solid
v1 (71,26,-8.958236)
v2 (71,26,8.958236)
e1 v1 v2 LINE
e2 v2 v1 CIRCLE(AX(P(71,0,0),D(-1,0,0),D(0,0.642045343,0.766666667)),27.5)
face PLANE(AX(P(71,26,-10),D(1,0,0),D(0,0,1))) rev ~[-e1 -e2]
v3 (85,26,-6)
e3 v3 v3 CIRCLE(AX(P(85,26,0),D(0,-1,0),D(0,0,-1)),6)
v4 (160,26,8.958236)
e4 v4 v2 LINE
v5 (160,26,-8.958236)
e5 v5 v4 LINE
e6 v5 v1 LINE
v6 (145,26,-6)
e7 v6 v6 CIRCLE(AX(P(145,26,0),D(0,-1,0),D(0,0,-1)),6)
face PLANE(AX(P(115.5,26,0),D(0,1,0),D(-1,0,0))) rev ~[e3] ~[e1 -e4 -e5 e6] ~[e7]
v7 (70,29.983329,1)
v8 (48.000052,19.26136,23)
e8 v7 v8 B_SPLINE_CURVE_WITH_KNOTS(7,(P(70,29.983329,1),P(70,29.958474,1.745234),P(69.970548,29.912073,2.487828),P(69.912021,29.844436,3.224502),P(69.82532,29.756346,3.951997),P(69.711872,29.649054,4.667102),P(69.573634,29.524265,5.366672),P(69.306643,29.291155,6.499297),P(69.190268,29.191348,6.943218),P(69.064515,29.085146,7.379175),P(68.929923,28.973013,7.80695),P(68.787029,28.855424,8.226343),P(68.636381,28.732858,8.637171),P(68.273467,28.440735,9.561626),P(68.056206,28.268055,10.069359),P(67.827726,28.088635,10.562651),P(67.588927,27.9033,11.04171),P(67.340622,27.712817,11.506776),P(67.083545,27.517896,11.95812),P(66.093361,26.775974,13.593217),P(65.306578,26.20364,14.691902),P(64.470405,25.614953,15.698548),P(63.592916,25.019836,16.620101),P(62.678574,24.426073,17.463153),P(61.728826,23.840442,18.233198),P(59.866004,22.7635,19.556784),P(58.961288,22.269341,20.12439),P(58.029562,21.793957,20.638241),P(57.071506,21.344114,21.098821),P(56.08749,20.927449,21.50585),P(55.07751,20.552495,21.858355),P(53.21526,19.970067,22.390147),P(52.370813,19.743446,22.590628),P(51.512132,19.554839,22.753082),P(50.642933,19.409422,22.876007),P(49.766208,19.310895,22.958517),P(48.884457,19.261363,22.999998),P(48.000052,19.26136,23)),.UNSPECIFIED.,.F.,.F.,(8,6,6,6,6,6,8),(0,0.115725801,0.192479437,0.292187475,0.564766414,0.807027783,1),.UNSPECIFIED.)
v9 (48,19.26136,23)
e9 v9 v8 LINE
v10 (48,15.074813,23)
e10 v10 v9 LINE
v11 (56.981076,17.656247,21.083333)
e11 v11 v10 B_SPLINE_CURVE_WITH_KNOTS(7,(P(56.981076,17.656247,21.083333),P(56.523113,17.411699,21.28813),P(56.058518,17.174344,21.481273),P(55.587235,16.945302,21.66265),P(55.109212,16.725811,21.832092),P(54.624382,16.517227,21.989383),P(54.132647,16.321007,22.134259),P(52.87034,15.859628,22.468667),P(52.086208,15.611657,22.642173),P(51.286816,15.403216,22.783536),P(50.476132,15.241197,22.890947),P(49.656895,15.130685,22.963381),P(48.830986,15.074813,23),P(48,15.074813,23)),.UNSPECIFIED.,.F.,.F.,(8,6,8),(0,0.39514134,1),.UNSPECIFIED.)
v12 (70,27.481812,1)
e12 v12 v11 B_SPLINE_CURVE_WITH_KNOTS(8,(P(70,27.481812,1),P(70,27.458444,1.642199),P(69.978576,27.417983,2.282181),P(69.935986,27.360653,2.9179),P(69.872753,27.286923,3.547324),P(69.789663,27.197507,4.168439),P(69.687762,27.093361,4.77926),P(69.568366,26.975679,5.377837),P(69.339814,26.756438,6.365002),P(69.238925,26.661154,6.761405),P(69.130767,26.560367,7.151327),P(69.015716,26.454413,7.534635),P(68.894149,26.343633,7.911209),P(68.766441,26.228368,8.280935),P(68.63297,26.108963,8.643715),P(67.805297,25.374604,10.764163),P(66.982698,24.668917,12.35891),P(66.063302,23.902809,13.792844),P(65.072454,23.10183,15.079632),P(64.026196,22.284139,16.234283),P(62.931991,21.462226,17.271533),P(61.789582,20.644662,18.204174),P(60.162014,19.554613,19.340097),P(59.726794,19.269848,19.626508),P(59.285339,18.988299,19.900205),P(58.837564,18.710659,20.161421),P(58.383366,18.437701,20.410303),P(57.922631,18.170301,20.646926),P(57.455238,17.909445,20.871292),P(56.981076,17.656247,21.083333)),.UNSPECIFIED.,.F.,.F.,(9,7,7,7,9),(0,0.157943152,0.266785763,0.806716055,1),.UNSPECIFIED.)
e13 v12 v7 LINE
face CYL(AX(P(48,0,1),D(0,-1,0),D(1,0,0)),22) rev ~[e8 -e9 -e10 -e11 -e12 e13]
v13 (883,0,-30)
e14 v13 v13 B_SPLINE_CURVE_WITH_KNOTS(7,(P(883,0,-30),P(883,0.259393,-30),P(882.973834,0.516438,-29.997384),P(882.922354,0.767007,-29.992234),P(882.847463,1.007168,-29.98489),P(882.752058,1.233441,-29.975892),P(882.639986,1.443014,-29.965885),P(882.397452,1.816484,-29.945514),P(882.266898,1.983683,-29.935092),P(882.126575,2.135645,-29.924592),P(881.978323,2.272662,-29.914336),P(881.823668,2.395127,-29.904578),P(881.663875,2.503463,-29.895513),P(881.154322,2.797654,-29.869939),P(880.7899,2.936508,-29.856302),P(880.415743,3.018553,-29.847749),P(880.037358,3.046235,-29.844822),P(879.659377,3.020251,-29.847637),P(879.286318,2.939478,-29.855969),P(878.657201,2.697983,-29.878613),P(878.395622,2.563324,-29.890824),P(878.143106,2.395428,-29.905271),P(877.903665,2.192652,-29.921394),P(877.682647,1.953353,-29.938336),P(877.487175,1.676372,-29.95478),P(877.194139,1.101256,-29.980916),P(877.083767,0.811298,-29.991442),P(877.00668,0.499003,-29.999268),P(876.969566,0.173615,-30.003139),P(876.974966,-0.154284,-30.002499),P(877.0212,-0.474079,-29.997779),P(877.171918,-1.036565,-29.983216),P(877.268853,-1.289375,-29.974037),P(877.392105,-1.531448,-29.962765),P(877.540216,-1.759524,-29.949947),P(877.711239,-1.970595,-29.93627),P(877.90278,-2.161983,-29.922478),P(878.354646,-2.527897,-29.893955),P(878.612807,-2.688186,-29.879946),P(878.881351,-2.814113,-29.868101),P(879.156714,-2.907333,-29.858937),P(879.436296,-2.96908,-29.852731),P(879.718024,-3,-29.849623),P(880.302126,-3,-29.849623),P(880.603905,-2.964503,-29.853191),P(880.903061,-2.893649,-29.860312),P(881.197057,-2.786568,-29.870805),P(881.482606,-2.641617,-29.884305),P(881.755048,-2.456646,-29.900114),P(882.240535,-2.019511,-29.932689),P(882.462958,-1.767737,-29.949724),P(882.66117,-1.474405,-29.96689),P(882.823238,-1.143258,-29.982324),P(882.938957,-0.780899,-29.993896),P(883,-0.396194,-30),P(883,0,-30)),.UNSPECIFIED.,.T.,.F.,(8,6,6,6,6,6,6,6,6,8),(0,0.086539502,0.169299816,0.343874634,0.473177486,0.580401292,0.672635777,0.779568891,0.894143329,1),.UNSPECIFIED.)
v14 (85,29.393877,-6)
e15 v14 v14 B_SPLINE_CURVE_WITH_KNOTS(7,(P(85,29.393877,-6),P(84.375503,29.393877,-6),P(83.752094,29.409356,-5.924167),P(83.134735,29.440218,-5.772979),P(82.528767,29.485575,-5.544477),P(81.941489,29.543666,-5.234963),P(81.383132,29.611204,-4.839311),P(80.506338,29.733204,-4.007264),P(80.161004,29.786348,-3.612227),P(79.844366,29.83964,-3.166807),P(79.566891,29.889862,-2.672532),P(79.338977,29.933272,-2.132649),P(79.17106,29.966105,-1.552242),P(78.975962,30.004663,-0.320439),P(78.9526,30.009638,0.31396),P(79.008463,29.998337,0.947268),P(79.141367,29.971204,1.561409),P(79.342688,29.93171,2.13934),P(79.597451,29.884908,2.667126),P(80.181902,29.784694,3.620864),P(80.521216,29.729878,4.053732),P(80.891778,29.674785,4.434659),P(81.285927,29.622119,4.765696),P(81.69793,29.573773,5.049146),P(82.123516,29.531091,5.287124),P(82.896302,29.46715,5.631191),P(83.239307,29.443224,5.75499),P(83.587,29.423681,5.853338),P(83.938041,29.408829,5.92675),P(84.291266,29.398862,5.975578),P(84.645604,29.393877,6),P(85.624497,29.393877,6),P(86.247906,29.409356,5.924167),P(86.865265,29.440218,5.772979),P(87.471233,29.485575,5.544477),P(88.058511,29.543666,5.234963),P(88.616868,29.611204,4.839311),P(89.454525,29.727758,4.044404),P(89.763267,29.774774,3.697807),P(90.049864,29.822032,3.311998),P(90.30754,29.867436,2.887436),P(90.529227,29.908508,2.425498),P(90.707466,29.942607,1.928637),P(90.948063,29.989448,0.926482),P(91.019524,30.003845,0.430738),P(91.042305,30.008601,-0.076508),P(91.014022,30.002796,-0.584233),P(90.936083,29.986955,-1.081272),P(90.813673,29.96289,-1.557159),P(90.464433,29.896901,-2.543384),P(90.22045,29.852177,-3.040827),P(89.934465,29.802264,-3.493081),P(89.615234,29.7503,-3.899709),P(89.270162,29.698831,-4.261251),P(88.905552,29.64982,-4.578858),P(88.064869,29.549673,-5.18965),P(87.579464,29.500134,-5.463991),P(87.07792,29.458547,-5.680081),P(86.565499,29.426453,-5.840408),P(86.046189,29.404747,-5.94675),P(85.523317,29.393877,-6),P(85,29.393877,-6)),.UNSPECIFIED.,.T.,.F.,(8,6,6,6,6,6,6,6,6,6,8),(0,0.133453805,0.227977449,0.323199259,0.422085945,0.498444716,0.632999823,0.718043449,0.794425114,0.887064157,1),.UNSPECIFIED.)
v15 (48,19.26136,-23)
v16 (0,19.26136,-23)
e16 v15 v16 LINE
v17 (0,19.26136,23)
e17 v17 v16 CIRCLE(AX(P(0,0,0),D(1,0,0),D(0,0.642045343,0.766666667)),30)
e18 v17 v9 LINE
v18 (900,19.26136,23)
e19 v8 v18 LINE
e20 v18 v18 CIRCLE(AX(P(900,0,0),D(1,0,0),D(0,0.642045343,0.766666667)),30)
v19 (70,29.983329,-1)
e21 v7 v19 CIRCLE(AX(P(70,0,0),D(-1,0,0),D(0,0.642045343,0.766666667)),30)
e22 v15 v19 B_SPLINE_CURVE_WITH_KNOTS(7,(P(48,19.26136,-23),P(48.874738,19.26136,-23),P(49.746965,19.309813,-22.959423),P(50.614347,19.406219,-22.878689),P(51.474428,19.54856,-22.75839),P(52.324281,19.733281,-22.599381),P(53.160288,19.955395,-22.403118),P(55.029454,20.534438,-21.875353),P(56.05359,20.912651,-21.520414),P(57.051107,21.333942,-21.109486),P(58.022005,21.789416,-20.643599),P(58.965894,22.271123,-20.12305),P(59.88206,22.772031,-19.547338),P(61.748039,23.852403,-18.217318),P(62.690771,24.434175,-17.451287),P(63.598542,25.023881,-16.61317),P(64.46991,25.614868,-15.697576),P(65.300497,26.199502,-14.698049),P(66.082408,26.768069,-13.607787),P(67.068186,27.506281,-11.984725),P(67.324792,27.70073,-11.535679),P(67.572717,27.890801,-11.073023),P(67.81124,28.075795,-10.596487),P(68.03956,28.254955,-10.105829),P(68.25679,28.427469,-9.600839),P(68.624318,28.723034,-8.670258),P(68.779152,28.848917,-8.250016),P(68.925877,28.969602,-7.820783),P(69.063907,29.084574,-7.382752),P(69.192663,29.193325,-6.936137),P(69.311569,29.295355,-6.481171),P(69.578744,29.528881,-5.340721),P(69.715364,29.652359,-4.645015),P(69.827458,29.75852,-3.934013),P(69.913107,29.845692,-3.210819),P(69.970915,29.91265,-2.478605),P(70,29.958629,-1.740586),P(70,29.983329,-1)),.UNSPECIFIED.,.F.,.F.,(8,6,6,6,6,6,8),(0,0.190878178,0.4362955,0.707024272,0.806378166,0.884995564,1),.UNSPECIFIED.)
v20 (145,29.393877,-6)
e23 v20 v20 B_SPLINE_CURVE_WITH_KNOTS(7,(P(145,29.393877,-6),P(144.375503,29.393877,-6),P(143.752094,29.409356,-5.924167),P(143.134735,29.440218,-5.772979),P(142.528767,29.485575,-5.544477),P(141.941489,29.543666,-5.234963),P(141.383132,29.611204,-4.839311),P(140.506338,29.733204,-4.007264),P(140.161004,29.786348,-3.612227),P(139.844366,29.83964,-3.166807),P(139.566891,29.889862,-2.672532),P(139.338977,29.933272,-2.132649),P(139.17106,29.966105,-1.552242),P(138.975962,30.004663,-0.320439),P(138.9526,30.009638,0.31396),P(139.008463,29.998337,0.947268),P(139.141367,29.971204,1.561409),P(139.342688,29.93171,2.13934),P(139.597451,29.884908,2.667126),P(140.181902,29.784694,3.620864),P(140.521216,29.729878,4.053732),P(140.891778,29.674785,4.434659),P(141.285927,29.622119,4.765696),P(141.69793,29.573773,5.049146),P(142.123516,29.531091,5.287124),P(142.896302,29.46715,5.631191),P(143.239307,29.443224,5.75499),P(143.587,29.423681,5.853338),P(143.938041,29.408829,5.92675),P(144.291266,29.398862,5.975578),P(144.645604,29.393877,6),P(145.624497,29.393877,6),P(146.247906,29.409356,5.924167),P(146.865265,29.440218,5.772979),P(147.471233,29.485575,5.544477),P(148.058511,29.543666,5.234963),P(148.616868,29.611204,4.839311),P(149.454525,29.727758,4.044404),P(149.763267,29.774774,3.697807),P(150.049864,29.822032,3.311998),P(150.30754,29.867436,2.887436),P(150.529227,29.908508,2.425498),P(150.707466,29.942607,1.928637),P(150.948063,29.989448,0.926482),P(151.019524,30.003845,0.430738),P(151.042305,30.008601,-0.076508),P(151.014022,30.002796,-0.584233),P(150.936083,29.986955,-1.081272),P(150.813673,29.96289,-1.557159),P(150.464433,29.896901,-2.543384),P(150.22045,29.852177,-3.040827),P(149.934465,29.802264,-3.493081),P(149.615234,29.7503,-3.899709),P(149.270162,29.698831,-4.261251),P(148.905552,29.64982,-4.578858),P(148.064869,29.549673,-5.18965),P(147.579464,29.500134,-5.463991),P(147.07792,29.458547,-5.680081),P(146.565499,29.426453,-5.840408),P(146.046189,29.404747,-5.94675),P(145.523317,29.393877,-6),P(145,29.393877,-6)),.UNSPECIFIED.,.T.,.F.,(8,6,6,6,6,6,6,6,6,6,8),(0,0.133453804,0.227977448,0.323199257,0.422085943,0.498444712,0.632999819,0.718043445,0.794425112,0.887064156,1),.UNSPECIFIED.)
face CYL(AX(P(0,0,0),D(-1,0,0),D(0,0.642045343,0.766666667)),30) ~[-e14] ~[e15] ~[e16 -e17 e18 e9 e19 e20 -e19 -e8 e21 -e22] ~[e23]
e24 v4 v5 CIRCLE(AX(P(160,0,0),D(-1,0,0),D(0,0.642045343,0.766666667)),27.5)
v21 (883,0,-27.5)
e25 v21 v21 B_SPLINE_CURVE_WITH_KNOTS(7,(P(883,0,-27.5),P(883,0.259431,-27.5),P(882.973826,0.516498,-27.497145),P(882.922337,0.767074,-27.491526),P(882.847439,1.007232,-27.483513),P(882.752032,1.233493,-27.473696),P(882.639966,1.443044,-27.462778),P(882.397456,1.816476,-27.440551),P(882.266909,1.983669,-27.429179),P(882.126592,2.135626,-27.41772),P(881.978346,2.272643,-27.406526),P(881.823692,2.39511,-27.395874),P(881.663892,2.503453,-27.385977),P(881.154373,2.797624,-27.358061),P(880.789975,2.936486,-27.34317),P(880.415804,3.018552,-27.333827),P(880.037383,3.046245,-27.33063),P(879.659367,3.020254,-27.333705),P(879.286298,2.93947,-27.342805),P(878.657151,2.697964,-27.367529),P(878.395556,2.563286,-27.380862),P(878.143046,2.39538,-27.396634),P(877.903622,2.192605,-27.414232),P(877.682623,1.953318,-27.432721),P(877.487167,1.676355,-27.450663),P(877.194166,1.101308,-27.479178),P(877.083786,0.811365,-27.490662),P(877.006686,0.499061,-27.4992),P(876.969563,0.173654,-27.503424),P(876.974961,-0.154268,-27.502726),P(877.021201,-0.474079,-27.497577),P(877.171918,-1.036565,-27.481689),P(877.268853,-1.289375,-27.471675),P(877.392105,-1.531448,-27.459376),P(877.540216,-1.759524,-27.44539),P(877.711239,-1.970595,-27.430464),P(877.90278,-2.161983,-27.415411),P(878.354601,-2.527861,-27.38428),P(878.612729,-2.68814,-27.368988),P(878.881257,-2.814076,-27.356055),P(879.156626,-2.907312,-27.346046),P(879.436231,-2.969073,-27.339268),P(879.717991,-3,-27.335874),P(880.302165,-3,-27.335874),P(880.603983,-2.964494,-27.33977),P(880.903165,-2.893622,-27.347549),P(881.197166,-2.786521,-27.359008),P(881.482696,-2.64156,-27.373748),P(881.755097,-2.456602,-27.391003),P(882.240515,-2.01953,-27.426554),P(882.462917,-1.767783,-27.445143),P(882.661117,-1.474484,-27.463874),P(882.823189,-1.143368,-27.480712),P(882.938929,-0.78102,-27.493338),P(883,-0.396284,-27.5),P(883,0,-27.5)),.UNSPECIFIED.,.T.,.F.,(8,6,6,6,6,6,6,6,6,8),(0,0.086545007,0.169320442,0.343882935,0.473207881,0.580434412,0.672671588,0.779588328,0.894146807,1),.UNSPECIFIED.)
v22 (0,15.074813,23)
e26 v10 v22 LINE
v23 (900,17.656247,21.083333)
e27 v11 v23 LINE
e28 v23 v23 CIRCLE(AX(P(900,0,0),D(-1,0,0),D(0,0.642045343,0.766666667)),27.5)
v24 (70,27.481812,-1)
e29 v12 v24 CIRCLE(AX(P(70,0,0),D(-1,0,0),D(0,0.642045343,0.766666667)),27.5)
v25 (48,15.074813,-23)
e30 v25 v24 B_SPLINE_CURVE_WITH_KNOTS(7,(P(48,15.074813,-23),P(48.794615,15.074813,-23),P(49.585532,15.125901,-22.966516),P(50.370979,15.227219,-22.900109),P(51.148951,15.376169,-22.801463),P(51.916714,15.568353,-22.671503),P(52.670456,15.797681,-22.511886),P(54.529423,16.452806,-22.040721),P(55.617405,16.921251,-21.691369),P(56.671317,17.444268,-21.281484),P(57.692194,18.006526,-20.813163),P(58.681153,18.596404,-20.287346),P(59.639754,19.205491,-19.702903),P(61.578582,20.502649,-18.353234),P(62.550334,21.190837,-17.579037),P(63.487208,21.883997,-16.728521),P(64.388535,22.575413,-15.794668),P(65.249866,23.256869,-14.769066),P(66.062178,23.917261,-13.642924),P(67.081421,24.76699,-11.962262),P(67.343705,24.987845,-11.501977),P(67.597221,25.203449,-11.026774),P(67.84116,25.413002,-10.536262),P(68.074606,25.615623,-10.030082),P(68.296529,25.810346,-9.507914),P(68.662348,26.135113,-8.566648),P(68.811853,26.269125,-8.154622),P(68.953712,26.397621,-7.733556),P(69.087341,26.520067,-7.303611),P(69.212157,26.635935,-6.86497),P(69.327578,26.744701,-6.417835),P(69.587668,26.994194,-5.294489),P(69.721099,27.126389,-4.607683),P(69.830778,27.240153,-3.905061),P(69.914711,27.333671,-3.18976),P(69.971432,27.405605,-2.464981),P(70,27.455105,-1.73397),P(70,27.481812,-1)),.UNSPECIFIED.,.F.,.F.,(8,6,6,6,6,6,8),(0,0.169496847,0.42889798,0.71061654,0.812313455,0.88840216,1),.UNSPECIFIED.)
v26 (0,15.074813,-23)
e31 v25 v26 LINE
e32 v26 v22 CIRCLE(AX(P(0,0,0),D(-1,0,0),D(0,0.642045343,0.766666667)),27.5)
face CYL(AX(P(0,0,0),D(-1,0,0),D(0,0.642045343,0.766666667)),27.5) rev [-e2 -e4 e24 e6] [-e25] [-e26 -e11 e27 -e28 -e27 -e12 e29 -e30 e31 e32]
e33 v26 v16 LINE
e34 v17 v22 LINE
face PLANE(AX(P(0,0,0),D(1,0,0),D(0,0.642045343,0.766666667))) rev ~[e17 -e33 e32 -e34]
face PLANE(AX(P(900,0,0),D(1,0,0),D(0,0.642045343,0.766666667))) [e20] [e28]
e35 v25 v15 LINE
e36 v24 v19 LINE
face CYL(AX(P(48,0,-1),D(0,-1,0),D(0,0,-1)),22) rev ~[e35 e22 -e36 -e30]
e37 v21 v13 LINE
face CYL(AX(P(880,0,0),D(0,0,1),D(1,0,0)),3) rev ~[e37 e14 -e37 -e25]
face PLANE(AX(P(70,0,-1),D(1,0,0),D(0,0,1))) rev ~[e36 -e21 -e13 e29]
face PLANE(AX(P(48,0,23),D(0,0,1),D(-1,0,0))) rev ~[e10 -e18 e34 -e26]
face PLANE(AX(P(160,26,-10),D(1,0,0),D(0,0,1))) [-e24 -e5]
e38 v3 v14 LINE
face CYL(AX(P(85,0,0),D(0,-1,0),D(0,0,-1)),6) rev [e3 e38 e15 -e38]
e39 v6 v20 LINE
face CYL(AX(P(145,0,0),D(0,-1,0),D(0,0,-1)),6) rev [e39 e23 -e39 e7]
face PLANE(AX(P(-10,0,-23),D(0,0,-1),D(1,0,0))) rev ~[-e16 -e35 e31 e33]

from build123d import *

# Parameters (mm, degrees)
ESQUISSE1_R             = 30
BASE_EXTRUSION_DEPTH    = 900
COQUE1_T                = -2.5
ENL_V_MAT_EXTRU_1_DEPTH = 100
ESQUISSE4_W             = 89
ESQUISSE4_H             = 20
BOSS_EXTRU_1_DEPTH      = 2
ESQUISSE3_R             = 6
ENL_V_MAT_EXTRU_2_DEPTH = 100
ESQUISSE6_R             = 3
ENL_V_MAT_EXTRU_3_DEPTH = 50


with BuildPart() as part:
    # Esquisse1 → Base-Extrusion (new body)
    with BuildSketch(Plane(origin=(0, 0, 0), x_dir=(0, 0, -1), z_dir=(1, 0, 0))):
        with Locations(Location((0, 0, 0), (0, 0, 140.05549481))):
            Circle(ESQUISSE1_R)
    extrude(amount=BASE_EXTRUSION_DEPTH)

    # Coque1
    coque1_openings = [part.faces().sort_by_distance(p)[0] for p in [
        (0, 0, 0),
        (900, 0, 0),
    ]]
    offset(amount=COQUE1_T, openings=coque1_openings, kind=Kind.INTERSECTION)

    # Esquisse2 → Enlèv. mat.-Extru.1 (cut)
    with BuildSketch(Plane(origin=(0, 0, 0), x_dir=(1, 0, 0), z_dir=(0, 1, 0))):
        with BuildLine():
            Line((-10, 23), (48, 23))
            ThreePointArc((48, 23), (63.556349186, 16.556349186), (70, 1))
            Line((70, 1), (70, -1))
            ThreePointArc((70, -1), (63.556349186, -16.556349186), (48, -23))
            Line((48, -23), (-10, -23))
            Line((-10, -23), (-10, 23))
        make_face()
    extrude(amount=ENL_V_MAT_EXTRU_1_DEPTH, mode=Mode.SUBTRACT)

    # Esquisse4 → Boss.-Extru.1 (add)
    with BuildSketch(Plane(origin=(0, 26, 0), x_dir=(-1, 0, 0), z_dir=(0, 1, 0))):
        with Locations((-115.5, 0)):
            Rectangle(ESQUISSE4_W, ESQUISSE4_H)
    extrude(amount=BOSS_EXTRU_1_DEPTH)

    # Esquisse3 → Enlèv. mat.-Extru.2 (cut)
    with BuildSketch(Plane(origin=(0, 0, 0), x_dir=(1, 0, 0), z_dir=(0, 1, 0))):
        with Locations(Location((85, 0, 0), (0, 0, 90))):
            Circle(ESQUISSE3_R)
        with Locations(Location((145, 0, 0), (0, 0, 90))):
            Circle(ESQUISSE3_R)
    extrude(amount=ENL_V_MAT_EXTRU_2_DEPTH, mode=Mode.SUBTRACT)

    # Esquisse6 → Enlèv. mat.-Extru.3 (cut)
    with BuildSketch(Plane.XY):
        with Locations((880, 0)):
            Circle(ESQUISSE6_R)
    extrude(amount=-ENL_V_MAT_EXTRU_3_DEPTH, mode=Mode.SUBTRACT)


solid = part.part
